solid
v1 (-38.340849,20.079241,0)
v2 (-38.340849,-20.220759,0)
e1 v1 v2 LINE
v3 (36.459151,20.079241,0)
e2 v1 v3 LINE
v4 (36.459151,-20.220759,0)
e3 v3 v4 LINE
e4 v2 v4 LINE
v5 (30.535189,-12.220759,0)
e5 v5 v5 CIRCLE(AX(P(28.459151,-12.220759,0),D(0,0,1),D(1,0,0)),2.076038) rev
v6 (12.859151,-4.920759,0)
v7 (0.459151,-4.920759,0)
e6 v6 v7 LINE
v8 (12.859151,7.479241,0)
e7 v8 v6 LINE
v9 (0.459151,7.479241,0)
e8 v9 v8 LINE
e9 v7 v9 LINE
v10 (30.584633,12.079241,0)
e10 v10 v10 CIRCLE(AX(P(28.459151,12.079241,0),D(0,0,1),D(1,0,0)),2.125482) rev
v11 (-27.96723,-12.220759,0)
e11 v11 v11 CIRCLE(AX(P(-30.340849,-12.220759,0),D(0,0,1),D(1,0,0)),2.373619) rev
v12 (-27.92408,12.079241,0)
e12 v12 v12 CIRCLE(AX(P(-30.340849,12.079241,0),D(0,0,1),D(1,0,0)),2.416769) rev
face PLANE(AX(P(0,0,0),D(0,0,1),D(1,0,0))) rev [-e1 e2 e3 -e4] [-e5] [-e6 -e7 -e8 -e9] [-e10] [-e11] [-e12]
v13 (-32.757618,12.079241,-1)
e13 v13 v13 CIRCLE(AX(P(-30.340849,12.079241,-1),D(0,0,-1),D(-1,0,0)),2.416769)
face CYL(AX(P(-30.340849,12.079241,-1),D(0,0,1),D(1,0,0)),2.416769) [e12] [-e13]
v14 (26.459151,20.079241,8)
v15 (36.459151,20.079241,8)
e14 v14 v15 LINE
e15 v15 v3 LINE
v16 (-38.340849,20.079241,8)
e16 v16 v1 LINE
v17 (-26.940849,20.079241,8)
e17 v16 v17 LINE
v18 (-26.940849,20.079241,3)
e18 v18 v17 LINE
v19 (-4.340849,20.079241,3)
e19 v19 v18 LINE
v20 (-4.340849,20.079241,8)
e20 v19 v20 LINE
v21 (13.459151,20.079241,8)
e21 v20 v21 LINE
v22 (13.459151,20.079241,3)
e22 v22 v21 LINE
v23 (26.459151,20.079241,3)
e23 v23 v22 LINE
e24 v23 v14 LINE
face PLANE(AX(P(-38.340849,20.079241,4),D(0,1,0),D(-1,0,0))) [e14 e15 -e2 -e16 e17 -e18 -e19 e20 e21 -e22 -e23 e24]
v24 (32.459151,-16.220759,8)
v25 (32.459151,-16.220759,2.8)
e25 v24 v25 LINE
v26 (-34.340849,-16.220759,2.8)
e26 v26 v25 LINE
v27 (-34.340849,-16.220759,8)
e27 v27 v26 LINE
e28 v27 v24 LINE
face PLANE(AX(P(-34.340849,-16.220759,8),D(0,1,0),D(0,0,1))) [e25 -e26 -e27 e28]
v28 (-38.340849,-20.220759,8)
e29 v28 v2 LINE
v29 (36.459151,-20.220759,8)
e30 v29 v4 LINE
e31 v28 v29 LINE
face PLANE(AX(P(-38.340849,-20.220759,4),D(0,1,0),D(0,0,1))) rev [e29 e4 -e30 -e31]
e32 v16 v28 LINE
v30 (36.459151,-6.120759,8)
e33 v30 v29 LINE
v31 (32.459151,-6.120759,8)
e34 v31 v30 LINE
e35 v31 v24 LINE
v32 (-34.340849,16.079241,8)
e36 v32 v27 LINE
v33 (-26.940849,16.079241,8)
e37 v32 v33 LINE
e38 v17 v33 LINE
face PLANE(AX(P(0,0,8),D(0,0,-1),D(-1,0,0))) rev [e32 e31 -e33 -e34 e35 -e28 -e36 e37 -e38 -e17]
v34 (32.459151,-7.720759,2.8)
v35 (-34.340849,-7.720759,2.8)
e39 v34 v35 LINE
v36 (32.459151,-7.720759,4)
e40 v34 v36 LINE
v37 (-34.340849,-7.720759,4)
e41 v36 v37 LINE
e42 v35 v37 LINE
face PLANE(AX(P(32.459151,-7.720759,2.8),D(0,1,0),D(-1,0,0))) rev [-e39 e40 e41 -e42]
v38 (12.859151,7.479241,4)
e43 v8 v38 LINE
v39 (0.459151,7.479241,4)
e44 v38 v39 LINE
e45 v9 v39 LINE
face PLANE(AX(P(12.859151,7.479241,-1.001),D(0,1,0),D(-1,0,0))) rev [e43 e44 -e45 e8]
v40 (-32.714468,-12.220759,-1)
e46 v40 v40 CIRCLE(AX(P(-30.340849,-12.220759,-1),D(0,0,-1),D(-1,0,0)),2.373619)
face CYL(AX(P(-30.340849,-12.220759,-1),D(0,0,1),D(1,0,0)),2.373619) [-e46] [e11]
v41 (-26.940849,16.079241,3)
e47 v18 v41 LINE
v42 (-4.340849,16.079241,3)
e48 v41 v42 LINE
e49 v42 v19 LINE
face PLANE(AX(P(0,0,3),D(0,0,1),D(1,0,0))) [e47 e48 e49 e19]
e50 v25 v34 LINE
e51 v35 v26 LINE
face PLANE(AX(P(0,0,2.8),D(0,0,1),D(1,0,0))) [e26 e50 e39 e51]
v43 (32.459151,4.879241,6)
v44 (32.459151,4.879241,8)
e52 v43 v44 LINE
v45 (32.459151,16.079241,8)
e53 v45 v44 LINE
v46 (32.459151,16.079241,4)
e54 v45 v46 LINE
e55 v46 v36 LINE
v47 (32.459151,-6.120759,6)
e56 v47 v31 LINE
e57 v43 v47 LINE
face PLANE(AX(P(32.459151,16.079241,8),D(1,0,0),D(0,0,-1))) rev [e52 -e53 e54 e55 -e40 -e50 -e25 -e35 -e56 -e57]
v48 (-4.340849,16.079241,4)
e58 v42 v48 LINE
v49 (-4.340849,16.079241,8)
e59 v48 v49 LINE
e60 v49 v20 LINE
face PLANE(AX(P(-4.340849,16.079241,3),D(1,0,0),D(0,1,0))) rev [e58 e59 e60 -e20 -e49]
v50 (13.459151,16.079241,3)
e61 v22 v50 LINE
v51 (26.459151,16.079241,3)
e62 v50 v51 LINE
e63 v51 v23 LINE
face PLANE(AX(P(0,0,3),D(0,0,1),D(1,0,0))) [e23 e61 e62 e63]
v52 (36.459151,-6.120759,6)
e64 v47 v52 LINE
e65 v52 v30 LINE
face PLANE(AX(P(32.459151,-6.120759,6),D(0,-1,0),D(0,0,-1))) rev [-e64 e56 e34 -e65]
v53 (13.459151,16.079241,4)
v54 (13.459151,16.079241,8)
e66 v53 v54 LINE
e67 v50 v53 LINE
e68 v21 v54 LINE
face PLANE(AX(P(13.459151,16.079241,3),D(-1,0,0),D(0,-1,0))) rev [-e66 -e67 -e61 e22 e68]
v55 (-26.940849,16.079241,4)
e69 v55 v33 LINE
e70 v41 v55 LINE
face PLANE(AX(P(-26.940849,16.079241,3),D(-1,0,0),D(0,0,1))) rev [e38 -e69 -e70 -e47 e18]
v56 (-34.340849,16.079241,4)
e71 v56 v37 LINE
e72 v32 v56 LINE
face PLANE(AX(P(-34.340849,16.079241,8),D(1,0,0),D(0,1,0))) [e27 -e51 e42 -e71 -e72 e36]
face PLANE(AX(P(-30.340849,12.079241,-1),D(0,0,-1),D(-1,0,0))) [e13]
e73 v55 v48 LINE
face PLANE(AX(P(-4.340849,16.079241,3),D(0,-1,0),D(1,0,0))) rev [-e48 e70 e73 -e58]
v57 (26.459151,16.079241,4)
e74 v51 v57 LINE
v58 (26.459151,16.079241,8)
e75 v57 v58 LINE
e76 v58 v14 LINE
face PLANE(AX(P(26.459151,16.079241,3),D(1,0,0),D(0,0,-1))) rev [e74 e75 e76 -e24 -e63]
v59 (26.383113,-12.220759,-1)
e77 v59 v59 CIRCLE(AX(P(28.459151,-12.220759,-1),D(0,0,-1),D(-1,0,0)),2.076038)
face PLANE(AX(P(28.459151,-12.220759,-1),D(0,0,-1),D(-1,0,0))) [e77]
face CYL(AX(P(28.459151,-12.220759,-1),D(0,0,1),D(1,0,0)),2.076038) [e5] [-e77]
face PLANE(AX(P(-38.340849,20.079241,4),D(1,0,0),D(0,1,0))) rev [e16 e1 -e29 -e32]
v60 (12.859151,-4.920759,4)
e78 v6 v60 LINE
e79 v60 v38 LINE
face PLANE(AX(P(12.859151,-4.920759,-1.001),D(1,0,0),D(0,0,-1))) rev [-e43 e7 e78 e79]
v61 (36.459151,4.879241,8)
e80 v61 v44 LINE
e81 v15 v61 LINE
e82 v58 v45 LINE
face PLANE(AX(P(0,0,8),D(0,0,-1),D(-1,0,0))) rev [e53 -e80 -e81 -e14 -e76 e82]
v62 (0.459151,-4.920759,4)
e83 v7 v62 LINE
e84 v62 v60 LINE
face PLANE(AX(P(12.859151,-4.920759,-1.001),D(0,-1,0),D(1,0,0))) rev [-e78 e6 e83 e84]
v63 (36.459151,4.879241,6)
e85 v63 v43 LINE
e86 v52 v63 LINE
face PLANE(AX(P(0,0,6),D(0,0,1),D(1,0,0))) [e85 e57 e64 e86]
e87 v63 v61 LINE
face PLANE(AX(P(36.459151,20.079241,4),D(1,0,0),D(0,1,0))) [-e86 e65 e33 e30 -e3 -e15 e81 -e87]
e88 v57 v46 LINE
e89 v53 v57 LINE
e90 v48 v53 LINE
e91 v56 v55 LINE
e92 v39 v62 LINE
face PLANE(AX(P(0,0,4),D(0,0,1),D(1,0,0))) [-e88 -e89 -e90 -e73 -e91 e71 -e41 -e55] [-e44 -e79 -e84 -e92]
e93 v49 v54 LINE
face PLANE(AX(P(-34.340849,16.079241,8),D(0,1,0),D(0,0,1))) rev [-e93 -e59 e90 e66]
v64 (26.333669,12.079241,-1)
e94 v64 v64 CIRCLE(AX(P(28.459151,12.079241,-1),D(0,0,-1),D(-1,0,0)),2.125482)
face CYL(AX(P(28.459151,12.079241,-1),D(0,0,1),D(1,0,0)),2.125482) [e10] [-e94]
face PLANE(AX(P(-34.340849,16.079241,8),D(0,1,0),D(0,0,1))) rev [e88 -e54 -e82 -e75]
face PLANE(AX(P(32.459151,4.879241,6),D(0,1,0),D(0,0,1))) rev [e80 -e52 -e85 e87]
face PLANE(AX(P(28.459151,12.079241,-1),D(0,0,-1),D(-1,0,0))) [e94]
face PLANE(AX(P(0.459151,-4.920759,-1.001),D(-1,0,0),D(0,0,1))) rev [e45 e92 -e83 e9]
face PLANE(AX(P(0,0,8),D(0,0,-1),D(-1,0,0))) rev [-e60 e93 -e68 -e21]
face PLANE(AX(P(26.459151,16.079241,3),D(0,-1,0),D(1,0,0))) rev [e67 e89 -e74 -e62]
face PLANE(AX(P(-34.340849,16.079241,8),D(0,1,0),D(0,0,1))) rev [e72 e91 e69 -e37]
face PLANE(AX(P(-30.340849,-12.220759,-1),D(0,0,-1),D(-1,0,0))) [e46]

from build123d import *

# Parameters (mm, degrees)
SKETCH_1_W          = 74.8
SKETCH_1_H          = 40.3
EXTRUDE_1_DEPTH     = 4
SKETCH_2_W          = 74.8
SKETCH_2_H          = 40.3
SKETCH_2_W_2        = 66.8
SKETCH_2_H_2        = 32.3
EXTRUDE_1_2_DEPTH   = 4
SKETCH_3_R          = 2.125481821
SKETCH_3_R_2        = 2.41676927
SKETCH_3_R_3        = 2.07603791
SKETCH_3_R_4        = 2.373619113
EXTRUDE_2_DEPTH     = 1
SKETCH_4_W          = 4
SKETCH_4_H          = 11
CUT_EXTRUDE_1_DEPTH = 2
SKETCH_6_W          = 66.8
SKETCH_6_H          = 8.5
CUT_EXTRUDE_3_DEPTH = 1.2
SKETCH_7_W          = 13
SKETCH_7_H          = 4
SKETCH_7_W_2        = 22.6
CUT_EXTRUDE_4_DEPTH = 5
CUT_EXTRUDE_5_REACH = 7
SKETCH_9_W          = 12.4
SKETCH_9_H          = 12.4


with BuildPart() as part:
    # 草圖1 → Extrude 1 (new body)
    with BuildSketch(Plane.XY):
        with Locations((-0.94084879, -0.070758559)):
            Rectangle(SKETCH_1_W, SKETCH_1_H)
    extrude(amount=EXTRUDE_1_DEPTH)

    # 草圖2 → Extrude 1 2 (add)
    with BuildSketch(Plane.XY.offset(4)):
        with Locations((-0.94084879, -0.070758559)):
            Rectangle(SKETCH_2_W, SKETCH_2_H)
        with Locations((-0.94084879, -0.070758559)):
            Rectangle(SKETCH_2_W_2, SKETCH_2_H_2, mode=Mode.SUBTRACT)
    extrude(amount=EXTRUDE_1_2_DEPTH)

    # 草圖3 → 填料-伸長2 (add)
    with BuildSketch(Plane(origin=(0, 0, 0), x_dir=(-1, 0, 0), z_dir=(0, 0, -1))):
        with Locations((-28.45915121, 12.079241441)):
            Circle(SKETCH_3_R)
        with Locations((30.34084879, 12.079241441)):
            Circle(SKETCH_3_R_2)
        with Locations((-28.45915121, -12.220758559)):
            Circle(SKETCH_3_R_3)
        with Locations((30.34084879, -12.220758559)):
            Circle(SKETCH_3_R_4)
    extrude(amount=EXTRUDE_2_DEPTH)

    # 草圖4 → 除料-伸長1 (cut)
    with BuildSketch(Plane.XY.offset(8)):
        with Locations((34.45915121, -0.620758559)):
            Rectangle(SKETCH_4_W, SKETCH_4_H)
    extrude(amount=-CUT_EXTRUDE_1_DEPTH, mode=Mode.SUBTRACT)

    # 草圖6 → 除料-伸長3 (cut)
    with BuildSketch(Plane.XY.offset(4)):
        with Locations((-0.94084879, -11.970758559)):
            Rectangle(SKETCH_6_W, SKETCH_6_H)
    extrude(amount=-CUT_EXTRUDE_3_DEPTH, mode=Mode.SUBTRACT)

    # 草圖7 → 除料-伸長4 (cut)
    with BuildSketch(Plane.XY.offset(8)):
        with Locations((19.95915121, 18.079241441)):
            Rectangle(SKETCH_7_W, SKETCH_7_H)
        with Locations((-15.64084879, 18.079241441)):
            Rectangle(SKETCH_7_W_2, SKETCH_7_H)
    extrude(amount=-CUT_EXTRUDE_4_DEPTH, mode=Mode.SUBTRACT)

    # 草圖9 → 除料-伸長5 (cut, up to next)
    with BuildSketch(Plane.XY.offset(4), mode=Mode.PRIVATE) as cut_extrude_5_sk1:
        with Locations((6.65915121, 1.279241441)):
            Rectangle(SKETCH_9_W, SKETCH_9_H)
    cut_extrude_5_tool1 = extrude(cut_extrude_5_sk1.sketch, amount=-CUT_EXTRUDE_5_REACH, mode=Mode.PRIVATE) & part.part
    add(cut_extrude_5_tool1.solids().sort_by_distance((6.659151, 1.279241, 4))[0], mode=Mode.SUBTRACT)


solid = part.part
